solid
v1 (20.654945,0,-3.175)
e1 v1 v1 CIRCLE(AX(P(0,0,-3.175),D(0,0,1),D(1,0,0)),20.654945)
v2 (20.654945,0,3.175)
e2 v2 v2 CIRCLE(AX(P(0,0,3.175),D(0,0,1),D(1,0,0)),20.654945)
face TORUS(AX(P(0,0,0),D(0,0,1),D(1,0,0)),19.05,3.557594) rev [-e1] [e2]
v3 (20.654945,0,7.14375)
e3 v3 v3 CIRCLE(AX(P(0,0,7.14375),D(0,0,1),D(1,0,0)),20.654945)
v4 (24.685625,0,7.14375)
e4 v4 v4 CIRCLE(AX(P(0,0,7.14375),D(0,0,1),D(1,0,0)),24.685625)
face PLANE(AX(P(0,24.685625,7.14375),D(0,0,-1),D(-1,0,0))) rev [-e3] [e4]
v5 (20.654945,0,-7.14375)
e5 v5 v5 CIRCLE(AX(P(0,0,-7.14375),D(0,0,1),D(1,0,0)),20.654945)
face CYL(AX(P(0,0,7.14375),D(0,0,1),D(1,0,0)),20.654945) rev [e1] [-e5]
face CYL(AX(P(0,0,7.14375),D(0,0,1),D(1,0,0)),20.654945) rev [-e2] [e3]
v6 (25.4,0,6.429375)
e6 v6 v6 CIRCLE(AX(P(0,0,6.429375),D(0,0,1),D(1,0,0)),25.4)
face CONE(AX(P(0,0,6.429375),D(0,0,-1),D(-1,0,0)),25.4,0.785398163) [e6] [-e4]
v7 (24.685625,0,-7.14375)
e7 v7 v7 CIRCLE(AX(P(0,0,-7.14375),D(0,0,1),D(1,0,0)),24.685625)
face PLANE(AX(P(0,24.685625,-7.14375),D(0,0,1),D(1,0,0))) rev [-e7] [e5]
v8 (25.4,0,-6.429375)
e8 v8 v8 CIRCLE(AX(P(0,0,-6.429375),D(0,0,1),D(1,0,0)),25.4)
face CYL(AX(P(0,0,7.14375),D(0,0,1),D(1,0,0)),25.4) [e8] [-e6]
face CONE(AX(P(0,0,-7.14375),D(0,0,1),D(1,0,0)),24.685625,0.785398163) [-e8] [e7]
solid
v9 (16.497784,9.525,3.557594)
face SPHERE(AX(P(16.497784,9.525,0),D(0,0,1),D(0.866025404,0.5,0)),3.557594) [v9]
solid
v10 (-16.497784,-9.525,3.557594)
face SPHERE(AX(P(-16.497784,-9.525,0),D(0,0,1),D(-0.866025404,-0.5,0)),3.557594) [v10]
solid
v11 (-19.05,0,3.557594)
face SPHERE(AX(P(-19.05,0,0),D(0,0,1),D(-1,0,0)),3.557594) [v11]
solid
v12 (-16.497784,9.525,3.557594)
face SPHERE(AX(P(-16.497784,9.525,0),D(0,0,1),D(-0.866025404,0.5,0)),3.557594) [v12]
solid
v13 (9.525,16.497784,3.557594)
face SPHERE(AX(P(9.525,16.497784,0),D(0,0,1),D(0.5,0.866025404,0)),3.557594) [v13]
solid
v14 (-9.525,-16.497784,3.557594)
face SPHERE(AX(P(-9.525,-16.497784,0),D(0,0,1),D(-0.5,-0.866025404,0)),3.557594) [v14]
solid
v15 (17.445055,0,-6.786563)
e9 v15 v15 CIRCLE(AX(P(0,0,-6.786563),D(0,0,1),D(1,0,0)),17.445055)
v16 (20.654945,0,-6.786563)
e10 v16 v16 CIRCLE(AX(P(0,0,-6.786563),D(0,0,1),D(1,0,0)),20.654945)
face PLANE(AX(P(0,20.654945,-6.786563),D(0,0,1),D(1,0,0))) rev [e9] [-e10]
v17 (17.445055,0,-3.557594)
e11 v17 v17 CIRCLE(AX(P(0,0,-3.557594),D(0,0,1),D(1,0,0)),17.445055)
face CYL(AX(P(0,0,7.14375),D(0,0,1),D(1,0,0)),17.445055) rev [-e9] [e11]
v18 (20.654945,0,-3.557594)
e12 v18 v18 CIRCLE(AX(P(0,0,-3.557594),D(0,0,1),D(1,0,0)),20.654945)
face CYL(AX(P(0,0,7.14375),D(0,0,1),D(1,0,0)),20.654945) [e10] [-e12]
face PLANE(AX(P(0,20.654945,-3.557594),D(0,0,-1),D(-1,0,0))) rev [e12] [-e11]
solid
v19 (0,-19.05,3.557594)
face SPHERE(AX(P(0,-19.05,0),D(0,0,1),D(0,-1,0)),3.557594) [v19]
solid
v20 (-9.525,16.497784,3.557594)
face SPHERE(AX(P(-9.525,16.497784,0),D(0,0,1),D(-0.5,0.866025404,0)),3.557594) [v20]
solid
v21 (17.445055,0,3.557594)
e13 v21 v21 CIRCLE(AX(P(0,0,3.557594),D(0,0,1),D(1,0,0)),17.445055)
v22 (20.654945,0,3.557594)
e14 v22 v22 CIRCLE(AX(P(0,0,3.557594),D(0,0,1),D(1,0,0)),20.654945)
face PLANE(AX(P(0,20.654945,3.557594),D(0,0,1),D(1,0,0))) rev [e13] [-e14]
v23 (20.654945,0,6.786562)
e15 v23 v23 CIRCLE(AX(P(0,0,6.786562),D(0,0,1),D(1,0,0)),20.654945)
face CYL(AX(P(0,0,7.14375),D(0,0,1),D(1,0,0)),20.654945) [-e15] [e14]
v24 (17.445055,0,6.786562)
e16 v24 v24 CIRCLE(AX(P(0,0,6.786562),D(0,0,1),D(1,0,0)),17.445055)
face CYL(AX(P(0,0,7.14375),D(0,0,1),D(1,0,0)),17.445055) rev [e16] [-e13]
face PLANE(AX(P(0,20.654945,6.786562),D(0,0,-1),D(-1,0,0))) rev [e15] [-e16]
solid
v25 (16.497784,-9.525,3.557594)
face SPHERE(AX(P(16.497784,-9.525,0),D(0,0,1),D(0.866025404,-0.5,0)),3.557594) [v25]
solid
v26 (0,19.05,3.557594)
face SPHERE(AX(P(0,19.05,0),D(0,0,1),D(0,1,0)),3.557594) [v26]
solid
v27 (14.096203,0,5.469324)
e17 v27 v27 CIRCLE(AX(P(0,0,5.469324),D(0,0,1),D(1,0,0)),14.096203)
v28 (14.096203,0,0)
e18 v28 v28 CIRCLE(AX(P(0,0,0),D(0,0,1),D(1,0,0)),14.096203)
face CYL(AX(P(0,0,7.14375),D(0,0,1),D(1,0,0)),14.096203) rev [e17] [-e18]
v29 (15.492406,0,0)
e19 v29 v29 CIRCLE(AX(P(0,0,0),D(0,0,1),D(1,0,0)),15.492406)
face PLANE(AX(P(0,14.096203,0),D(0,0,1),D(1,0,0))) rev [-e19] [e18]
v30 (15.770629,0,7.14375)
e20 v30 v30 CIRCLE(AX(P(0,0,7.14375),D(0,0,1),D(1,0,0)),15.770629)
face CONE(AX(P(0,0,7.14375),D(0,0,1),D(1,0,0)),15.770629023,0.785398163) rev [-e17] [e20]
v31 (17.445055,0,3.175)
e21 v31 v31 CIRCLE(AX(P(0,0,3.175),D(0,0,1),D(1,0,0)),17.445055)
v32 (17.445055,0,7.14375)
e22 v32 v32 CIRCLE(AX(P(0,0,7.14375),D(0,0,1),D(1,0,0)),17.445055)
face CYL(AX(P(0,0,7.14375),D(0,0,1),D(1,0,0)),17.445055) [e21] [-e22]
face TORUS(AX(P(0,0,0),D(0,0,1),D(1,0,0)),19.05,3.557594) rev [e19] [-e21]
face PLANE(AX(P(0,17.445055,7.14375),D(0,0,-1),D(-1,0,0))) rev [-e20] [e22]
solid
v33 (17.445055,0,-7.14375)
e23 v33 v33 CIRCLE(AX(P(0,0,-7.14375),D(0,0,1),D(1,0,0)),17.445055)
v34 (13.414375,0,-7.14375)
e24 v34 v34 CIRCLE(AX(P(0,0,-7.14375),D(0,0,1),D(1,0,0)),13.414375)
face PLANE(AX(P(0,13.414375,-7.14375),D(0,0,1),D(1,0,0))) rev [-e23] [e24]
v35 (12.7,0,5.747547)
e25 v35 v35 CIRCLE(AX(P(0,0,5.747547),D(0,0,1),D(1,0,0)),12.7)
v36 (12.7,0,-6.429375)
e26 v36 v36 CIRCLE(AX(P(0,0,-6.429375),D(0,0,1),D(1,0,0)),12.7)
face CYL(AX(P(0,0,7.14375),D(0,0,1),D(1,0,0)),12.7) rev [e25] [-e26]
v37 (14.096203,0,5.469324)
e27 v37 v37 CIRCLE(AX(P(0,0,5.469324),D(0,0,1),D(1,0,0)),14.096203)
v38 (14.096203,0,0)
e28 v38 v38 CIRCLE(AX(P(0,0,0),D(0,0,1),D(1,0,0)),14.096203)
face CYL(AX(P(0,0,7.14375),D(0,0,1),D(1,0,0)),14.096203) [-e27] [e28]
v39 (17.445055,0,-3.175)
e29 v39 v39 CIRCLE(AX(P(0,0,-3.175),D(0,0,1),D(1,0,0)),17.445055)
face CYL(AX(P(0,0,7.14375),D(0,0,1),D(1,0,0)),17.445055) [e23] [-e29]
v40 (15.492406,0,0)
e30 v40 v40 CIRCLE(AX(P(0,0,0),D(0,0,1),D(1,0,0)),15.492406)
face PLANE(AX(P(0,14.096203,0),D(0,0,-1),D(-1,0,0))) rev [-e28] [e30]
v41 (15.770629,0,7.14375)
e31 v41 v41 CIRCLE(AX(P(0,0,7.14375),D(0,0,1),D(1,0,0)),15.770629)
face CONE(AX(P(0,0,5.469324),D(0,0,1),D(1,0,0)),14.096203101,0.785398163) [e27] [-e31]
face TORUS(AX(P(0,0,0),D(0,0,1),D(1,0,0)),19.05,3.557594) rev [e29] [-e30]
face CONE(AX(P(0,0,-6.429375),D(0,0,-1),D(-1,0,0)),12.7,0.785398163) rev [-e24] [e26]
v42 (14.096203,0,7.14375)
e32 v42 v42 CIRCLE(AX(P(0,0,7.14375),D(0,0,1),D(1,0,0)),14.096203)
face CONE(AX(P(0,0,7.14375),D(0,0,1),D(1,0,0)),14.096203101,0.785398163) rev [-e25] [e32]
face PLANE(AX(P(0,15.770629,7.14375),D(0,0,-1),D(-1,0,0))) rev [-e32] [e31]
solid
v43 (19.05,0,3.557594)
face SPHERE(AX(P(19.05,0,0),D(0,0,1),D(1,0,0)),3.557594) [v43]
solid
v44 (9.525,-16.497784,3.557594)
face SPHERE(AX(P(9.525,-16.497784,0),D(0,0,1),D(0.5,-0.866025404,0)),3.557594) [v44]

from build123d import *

# Parameters (mm, degrees)
CIRPATTERN1_COUNT = 12
SKETCH5_W         = 3.228968702
SKETCH5_H         = 3.20989011


with BuildPart() as part:
    # Sketch1 → Revolve1 (revolve)
    with BuildSketch(Plane(origin=(0, 0, 0), x_dir=(0, 0, -1), z_dir=(1, 0, 0))):
        with BuildLine():
            Line((6.429375, 25.4), (-6.429375, 25.4))
            Line((-6.429375, 25.4), (-7.14375, 24.685625))
            Line((-7.14375, 24.685625), (-7.14375, 20.654945055))
            Line((-7.14375, 20.654945055), (-3.175, 20.654945055))
            ThreePointArc((-3.175, 20.654945055), (0, 22.607593798), (3.175, 20.654945055))
            Line((3.175, 20.654945055), (7.14375, 20.654945055))
            Line((7.14375, 20.654945055), (7.14375, 24.685625))
            Line((7.14375, 24.685625), (6.429375, 25.4))
        make_face()
    revolve(axis=Axis((0, 0, 7.14375), (0, 0, -1)))


with BuildPart() as body_2:
    # Sketch2 → Revolve2 (revolve)
    with BuildSketch(Plane(origin=(0, 0, 0), x_dir=(0, 0, -1), z_dir=(1, 0, 0))):
        with BuildLine():
            Line((-7.14375, 17.445054945), (-3.175, 17.445054945))
            ThreePointArc((-3.175, 17.445054945), (-1.863696737, 16.019635649), (0, 15.492406202))
            Line((0, 15.492406202), (0, 14.096203101))
            Line((0, 14.096203101), (-5.469324078, 14.096203101))
            Line((-5.469324078, 14.096203101), (-7.14375, 15.770629023))
            Line((-7.14375, 15.770629023), (-7.14375, 17.445054945))
        make_face()
    revolve(axis=Axis((0, 0, 7.14375), (0, 0, -1)))


with BuildPart() as body_3:
    # Sketch3 → Revolve3 (revolve)
    with BuildSketch(Plane(origin=(0, 0, 0), x_dir=(0, 0, -1), z_dir=(1, 0, 0))):
        with BuildLine():
            Line((-7.14375, 15.770629023), (-5.469324078, 14.096203101))
            Line((-5.469324078, 14.096203101), (0, 14.096203101))
            Line((0, 14.096203101), (0, 15.492406202))
            ThreePointArc((0, 15.492406202), (1.863696737, 16.019635649), (3.175, 17.445054945))
            Line((3.175, 17.445054945), (7.14375, 17.445054945))
            Line((7.14375, 17.445054945), (7.14375, 13.414375))
            Line((7.14375, 13.414375), (6.429375, 12.7))
            Line((6.429375, 12.7), (-5.747546899, 12.7))
            Line((-5.747546899, 12.7), (-7.14375, 14.096203101))
            Line((-7.14375, 14.096203101), (-7.14375, 15.770629023))
        make_face()
    revolve(axis=Axis((0, 0, 7.14375), (0, 0, -1)))


with BuildPart() as body_4:
    # Sketch4 → Revolve4 (revolve)
    with BuildSketch(Plane(origin=(0, 0, 0), x_dir=(0, 0, -1), z_dir=(1, 0, 0))):
        with BuildLine():
            Line((-3.557593798, 19.05), (3.557593798, 19.05))
            ThreePointArc((3.557593798, 19.05), (0, 22.607593798), (-3.557593798, 19.05))
        make_face()
    revolve(axis=Axis((0, 19.05, 3.557593798), (0, 0, -1)))


with BuildPart() as cirpattern1_1:
    # CirPattern1: pattern copy
    add(body_4.part.rotate(Axis((0, 0, -7.14375), (0, 0, 1)), 1 * 360 / CIRPATTERN1_COUNT))


with BuildPart() as cirpattern1_2:
    # CirPattern1: pattern copy
    add(body_4.part.rotate(Axis((0, 0, -7.14375), (0, 0, 1)), 2 * 360 / CIRPATTERN1_COUNT))


with BuildPart() as cirpattern1_3:
    # CirPattern1: pattern copy
    add(body_4.part.rotate(Axis((0, 0, -7.14375), (0, 0, 1)), 3 * 360 / CIRPATTERN1_COUNT))


with BuildPart() as cirpattern1_4:
    # CirPattern1: pattern copy
    add(body_4.part.rotate(Axis((0, 0, -7.14375), (0, 0, 1)), 4 * 360 / CIRPATTERN1_COUNT))


with BuildPart() as cirpattern1_5:
    # CirPattern1: pattern copy
    add(body_4.part.rotate(Axis((0, 0, -7.14375), (0, 0, 1)), 5 * 360 / CIRPATTERN1_COUNT))


with BuildPart() as cirpattern1_6:
    # CirPattern1: pattern copy
    add(body_4.part.rotate(Axis((0, 0, -7.14375), (0, 0, 1)), 6 * 360 / CIRPATTERN1_COUNT))


with BuildPart() as cirpattern1_7:
    # CirPattern1: pattern copy
    add(body_4.part.rotate(Axis((0, 0, -7.14375), (0, 0, 1)), 7 * 360 / CIRPATTERN1_COUNT))


with BuildPart() as cirpattern1_8:
    # CirPattern1: pattern copy
    add(body_4.part.rotate(Axis((0, 0, -7.14375), (0, 0, 1)), 8 * 360 / CIRPATTERN1_COUNT))


with BuildPart() as cirpattern1_9:
    # CirPattern1: pattern copy
    add(body_4.part.rotate(Axis((0, 0, -7.14375), (0, 0, 1)), 9 * 360 / CIRPATTERN1_COUNT))


with BuildPart() as cirpattern1_10:
    # CirPattern1: pattern copy
    add(body_4.part.rotate(Axis((0, 0, -7.14375), (0, 0, 1)), 10 * 360 / CIRPATTERN1_COUNT))


with BuildPart() as cirpattern1_11:
    # CirPattern1: pattern copy
    add(body_4.part.rotate(Axis((0, 0, -7.14375), (0, 0, 1)), 11 * 360 / CIRPATTERN1_COUNT))


with BuildPart() as body_16:
    # Sketch5 → Revolve5 (revolve)
    with BuildSketch(Plane(origin=(0, 0, 0), x_dir=(0, 0, -1), z_dir=(1, 0, 0))):
        with Locations((-5.172078149, 19.05)):
            Rectangle(SKETCH5_W, SKETCH5_H)
        with Locations((5.172078149, 19.05)):
            Rectangle(SKETCH5_W, SKETCH5_H)
    revolve(axis=Axis((0, 0, 7.14375), (0, 0, -1)))


solid = Compound([part.part, body_2.part, body_3.part, body_4.part, cirpattern1_1.part, cirpattern1_2.part, cirpattern1_3.part, cirpattern1_4.part, cirpattern1_5.part, cirpattern1_6.part, cirpattern1_7.part, cirpattern1_8.part, cirpattern1_9.part, cirpattern1_10.part, cirpattern1_11.part, body_16.part])
